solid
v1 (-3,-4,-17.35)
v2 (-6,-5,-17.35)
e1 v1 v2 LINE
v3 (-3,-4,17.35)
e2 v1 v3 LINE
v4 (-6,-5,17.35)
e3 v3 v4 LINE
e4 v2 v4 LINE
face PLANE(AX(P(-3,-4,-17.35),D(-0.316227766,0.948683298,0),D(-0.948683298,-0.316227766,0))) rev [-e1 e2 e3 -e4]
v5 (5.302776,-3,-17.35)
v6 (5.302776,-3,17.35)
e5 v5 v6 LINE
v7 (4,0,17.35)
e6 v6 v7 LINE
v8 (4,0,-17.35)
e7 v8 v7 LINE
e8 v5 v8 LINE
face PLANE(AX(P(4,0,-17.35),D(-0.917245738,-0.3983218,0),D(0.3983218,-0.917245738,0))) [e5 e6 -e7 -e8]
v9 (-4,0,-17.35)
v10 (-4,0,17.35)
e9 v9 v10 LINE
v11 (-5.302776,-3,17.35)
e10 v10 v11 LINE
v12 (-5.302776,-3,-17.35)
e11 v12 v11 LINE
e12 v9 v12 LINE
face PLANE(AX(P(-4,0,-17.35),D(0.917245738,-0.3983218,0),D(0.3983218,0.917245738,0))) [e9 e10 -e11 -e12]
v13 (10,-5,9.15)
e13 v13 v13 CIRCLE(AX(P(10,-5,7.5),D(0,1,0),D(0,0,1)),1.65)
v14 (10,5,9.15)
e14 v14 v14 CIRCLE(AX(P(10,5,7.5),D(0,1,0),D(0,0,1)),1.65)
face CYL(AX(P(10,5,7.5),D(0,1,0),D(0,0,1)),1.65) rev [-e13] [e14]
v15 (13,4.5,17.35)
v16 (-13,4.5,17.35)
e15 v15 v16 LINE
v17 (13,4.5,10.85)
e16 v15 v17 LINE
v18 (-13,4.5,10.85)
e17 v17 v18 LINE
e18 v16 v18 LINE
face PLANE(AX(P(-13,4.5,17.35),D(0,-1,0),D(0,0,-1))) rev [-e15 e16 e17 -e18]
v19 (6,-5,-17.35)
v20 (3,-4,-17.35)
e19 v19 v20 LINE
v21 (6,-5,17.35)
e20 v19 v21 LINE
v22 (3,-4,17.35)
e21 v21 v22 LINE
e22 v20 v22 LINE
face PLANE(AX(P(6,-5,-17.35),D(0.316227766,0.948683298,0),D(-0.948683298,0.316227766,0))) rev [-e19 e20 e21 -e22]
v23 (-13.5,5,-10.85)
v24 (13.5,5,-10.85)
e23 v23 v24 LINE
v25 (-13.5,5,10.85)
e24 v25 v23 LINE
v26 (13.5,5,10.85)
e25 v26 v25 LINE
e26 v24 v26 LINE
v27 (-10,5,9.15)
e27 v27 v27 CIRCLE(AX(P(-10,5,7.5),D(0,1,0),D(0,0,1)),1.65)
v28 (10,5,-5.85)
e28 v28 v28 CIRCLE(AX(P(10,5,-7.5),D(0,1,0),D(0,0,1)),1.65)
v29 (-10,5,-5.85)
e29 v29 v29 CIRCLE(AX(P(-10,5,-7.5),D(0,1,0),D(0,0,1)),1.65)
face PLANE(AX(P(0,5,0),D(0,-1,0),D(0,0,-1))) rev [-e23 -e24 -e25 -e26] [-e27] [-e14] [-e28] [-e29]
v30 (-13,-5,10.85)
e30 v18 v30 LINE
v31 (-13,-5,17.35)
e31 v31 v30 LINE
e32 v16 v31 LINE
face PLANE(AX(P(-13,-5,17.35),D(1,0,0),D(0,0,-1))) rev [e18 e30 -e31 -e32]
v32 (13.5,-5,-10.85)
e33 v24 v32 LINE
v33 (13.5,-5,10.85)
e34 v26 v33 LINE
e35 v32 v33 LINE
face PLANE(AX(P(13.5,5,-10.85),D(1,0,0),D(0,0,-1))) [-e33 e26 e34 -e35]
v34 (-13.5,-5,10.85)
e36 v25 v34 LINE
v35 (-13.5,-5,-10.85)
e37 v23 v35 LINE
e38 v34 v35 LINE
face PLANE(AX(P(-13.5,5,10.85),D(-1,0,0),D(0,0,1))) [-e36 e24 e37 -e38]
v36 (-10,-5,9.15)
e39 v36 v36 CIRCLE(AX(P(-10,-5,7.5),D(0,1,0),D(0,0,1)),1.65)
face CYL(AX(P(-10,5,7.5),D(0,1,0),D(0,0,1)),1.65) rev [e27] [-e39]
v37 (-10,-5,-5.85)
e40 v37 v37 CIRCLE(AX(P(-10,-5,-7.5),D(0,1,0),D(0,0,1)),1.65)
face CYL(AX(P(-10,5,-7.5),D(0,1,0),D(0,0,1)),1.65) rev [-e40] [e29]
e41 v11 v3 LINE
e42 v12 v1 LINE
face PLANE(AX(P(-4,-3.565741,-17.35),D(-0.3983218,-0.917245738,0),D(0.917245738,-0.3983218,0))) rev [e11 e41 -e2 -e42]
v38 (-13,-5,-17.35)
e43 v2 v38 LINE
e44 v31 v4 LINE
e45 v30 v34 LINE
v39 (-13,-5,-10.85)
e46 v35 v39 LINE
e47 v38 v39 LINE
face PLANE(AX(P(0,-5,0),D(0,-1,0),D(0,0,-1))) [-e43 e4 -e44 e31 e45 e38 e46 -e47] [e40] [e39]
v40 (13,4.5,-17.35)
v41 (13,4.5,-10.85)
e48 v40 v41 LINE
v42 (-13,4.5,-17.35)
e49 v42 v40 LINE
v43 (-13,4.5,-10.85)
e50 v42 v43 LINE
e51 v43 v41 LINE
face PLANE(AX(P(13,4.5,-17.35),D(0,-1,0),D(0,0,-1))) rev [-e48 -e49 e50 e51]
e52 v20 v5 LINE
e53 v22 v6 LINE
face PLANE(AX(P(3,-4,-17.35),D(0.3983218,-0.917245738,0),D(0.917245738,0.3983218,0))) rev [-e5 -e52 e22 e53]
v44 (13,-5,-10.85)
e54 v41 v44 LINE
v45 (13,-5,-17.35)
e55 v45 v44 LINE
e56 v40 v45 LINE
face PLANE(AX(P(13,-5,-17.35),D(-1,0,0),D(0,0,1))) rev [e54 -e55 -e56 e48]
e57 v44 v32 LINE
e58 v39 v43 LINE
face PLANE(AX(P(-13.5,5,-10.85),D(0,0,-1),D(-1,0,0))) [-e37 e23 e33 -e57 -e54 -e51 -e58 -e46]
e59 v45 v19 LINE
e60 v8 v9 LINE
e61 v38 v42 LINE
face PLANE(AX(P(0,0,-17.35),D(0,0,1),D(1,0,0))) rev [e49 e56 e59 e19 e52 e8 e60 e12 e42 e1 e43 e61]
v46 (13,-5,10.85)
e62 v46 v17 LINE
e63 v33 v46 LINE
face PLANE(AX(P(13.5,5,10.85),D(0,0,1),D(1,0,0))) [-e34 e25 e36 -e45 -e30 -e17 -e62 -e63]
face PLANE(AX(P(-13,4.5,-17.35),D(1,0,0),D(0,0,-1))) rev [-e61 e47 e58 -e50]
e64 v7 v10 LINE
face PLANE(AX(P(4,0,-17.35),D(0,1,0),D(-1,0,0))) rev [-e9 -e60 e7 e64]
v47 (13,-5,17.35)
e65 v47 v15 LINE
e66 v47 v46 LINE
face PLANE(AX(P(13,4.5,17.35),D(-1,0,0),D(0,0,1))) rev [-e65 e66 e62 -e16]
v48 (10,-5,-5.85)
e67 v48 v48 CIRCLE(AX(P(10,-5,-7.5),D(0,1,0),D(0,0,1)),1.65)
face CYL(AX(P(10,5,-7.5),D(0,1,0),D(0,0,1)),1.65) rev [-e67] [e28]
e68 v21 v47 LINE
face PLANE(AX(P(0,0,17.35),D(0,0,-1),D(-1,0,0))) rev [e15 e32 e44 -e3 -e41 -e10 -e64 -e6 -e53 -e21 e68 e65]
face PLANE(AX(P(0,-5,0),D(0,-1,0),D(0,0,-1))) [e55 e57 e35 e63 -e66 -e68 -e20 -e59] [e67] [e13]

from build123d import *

# Parameters (mm, degrees)
SKETCH_1_W              = 27
SKETCH_1_H              = 21.7
EXTRUDE_1_DEPTH         = 10
SKETCH_2_W              = 26
SKETCH_2_H              = 9.5
EXTRUDE_2_DEPTH         = 6.5
SKETCH_3_W              = 26
SKETCH_3_H              = 9.5
EXTRUDE_3_DEPTH         = 6.5
CUT_EXTRUDE_1_DEPTH     = 38.567805366
DRAFT_1_ANGLE           = 23.473307954
HOLE_WIZARD_3_3_3_3_1_D = 3.3


with BuildPart() as part:
    # 草图1 → 凸台-拉伸1 (new body)
    with BuildSketch(Plane.XZ.offset(5)):
        Rectangle(SKETCH_1_W, SKETCH_1_H)
    extrude(amount=-EXTRUDE_1_DEPTH)

    # 草图2 → 凸台-拉伸2 (add)
    with BuildSketch(Plane.XY.offset(10.85)):
        with Locations((0, -0.25)):
            Rectangle(SKETCH_2_W, SKETCH_2_H)
    extrude(amount=EXTRUDE_2_DEPTH)

    # 草图3 → 凸台-拉伸3 (add)
    with BuildSketch(Plane(origin=(0, 0, -10.85), x_dir=(-1, 0, 0), z_dir=(0, 0, -1))):
        with Locations((0, -0.25)):
            Rectangle(SKETCH_3_W, SKETCH_3_H)
    extrude(amount=EXTRUDE_3_DEPTH)

    # 草图4 → 切除-拉伸1 (cut, through all)
    with BuildSketch(Plane.XY.offset(17.35)):
        Polygon((6, -5), (3, -4), (4, -3.565741454), (4, 0), (-4, 0), (-4, -3.565741454), (-3, -4), (-6, -5), align=None)
    extrude(amount=-CUT_EXTRUDE_1_DEPTH, mode=Mode.SUBTRACT)

    # 拔模1
    draft_1_faces = [part.faces().sort_by_distance(p)[0] for p in [
        (-4, -1.782870727, 0),
        (4, -1.782870727, 0),
    ]]
    draft(draft_1_faces, Plane(origin=(4, 0, -17.35), x_dir=(-1, 0, 0), z_dir=(0, -1, 0)), DRAFT_1_ANGLE)

    # Ø3.3 (3.3) 直径孔1 (through all)
    with Locations(Plane(origin=(0, 5, 0), x_dir=(1, 0, 0), z_dir=(0, 1, 0))):
        with Locations((10, -7.5), (-10, -7.5), (-10, 7.5), (10, 7.5)):
            Hole(HOLE_WIZARD_3_3_3_3_1_D / 2)


solid = part.part
